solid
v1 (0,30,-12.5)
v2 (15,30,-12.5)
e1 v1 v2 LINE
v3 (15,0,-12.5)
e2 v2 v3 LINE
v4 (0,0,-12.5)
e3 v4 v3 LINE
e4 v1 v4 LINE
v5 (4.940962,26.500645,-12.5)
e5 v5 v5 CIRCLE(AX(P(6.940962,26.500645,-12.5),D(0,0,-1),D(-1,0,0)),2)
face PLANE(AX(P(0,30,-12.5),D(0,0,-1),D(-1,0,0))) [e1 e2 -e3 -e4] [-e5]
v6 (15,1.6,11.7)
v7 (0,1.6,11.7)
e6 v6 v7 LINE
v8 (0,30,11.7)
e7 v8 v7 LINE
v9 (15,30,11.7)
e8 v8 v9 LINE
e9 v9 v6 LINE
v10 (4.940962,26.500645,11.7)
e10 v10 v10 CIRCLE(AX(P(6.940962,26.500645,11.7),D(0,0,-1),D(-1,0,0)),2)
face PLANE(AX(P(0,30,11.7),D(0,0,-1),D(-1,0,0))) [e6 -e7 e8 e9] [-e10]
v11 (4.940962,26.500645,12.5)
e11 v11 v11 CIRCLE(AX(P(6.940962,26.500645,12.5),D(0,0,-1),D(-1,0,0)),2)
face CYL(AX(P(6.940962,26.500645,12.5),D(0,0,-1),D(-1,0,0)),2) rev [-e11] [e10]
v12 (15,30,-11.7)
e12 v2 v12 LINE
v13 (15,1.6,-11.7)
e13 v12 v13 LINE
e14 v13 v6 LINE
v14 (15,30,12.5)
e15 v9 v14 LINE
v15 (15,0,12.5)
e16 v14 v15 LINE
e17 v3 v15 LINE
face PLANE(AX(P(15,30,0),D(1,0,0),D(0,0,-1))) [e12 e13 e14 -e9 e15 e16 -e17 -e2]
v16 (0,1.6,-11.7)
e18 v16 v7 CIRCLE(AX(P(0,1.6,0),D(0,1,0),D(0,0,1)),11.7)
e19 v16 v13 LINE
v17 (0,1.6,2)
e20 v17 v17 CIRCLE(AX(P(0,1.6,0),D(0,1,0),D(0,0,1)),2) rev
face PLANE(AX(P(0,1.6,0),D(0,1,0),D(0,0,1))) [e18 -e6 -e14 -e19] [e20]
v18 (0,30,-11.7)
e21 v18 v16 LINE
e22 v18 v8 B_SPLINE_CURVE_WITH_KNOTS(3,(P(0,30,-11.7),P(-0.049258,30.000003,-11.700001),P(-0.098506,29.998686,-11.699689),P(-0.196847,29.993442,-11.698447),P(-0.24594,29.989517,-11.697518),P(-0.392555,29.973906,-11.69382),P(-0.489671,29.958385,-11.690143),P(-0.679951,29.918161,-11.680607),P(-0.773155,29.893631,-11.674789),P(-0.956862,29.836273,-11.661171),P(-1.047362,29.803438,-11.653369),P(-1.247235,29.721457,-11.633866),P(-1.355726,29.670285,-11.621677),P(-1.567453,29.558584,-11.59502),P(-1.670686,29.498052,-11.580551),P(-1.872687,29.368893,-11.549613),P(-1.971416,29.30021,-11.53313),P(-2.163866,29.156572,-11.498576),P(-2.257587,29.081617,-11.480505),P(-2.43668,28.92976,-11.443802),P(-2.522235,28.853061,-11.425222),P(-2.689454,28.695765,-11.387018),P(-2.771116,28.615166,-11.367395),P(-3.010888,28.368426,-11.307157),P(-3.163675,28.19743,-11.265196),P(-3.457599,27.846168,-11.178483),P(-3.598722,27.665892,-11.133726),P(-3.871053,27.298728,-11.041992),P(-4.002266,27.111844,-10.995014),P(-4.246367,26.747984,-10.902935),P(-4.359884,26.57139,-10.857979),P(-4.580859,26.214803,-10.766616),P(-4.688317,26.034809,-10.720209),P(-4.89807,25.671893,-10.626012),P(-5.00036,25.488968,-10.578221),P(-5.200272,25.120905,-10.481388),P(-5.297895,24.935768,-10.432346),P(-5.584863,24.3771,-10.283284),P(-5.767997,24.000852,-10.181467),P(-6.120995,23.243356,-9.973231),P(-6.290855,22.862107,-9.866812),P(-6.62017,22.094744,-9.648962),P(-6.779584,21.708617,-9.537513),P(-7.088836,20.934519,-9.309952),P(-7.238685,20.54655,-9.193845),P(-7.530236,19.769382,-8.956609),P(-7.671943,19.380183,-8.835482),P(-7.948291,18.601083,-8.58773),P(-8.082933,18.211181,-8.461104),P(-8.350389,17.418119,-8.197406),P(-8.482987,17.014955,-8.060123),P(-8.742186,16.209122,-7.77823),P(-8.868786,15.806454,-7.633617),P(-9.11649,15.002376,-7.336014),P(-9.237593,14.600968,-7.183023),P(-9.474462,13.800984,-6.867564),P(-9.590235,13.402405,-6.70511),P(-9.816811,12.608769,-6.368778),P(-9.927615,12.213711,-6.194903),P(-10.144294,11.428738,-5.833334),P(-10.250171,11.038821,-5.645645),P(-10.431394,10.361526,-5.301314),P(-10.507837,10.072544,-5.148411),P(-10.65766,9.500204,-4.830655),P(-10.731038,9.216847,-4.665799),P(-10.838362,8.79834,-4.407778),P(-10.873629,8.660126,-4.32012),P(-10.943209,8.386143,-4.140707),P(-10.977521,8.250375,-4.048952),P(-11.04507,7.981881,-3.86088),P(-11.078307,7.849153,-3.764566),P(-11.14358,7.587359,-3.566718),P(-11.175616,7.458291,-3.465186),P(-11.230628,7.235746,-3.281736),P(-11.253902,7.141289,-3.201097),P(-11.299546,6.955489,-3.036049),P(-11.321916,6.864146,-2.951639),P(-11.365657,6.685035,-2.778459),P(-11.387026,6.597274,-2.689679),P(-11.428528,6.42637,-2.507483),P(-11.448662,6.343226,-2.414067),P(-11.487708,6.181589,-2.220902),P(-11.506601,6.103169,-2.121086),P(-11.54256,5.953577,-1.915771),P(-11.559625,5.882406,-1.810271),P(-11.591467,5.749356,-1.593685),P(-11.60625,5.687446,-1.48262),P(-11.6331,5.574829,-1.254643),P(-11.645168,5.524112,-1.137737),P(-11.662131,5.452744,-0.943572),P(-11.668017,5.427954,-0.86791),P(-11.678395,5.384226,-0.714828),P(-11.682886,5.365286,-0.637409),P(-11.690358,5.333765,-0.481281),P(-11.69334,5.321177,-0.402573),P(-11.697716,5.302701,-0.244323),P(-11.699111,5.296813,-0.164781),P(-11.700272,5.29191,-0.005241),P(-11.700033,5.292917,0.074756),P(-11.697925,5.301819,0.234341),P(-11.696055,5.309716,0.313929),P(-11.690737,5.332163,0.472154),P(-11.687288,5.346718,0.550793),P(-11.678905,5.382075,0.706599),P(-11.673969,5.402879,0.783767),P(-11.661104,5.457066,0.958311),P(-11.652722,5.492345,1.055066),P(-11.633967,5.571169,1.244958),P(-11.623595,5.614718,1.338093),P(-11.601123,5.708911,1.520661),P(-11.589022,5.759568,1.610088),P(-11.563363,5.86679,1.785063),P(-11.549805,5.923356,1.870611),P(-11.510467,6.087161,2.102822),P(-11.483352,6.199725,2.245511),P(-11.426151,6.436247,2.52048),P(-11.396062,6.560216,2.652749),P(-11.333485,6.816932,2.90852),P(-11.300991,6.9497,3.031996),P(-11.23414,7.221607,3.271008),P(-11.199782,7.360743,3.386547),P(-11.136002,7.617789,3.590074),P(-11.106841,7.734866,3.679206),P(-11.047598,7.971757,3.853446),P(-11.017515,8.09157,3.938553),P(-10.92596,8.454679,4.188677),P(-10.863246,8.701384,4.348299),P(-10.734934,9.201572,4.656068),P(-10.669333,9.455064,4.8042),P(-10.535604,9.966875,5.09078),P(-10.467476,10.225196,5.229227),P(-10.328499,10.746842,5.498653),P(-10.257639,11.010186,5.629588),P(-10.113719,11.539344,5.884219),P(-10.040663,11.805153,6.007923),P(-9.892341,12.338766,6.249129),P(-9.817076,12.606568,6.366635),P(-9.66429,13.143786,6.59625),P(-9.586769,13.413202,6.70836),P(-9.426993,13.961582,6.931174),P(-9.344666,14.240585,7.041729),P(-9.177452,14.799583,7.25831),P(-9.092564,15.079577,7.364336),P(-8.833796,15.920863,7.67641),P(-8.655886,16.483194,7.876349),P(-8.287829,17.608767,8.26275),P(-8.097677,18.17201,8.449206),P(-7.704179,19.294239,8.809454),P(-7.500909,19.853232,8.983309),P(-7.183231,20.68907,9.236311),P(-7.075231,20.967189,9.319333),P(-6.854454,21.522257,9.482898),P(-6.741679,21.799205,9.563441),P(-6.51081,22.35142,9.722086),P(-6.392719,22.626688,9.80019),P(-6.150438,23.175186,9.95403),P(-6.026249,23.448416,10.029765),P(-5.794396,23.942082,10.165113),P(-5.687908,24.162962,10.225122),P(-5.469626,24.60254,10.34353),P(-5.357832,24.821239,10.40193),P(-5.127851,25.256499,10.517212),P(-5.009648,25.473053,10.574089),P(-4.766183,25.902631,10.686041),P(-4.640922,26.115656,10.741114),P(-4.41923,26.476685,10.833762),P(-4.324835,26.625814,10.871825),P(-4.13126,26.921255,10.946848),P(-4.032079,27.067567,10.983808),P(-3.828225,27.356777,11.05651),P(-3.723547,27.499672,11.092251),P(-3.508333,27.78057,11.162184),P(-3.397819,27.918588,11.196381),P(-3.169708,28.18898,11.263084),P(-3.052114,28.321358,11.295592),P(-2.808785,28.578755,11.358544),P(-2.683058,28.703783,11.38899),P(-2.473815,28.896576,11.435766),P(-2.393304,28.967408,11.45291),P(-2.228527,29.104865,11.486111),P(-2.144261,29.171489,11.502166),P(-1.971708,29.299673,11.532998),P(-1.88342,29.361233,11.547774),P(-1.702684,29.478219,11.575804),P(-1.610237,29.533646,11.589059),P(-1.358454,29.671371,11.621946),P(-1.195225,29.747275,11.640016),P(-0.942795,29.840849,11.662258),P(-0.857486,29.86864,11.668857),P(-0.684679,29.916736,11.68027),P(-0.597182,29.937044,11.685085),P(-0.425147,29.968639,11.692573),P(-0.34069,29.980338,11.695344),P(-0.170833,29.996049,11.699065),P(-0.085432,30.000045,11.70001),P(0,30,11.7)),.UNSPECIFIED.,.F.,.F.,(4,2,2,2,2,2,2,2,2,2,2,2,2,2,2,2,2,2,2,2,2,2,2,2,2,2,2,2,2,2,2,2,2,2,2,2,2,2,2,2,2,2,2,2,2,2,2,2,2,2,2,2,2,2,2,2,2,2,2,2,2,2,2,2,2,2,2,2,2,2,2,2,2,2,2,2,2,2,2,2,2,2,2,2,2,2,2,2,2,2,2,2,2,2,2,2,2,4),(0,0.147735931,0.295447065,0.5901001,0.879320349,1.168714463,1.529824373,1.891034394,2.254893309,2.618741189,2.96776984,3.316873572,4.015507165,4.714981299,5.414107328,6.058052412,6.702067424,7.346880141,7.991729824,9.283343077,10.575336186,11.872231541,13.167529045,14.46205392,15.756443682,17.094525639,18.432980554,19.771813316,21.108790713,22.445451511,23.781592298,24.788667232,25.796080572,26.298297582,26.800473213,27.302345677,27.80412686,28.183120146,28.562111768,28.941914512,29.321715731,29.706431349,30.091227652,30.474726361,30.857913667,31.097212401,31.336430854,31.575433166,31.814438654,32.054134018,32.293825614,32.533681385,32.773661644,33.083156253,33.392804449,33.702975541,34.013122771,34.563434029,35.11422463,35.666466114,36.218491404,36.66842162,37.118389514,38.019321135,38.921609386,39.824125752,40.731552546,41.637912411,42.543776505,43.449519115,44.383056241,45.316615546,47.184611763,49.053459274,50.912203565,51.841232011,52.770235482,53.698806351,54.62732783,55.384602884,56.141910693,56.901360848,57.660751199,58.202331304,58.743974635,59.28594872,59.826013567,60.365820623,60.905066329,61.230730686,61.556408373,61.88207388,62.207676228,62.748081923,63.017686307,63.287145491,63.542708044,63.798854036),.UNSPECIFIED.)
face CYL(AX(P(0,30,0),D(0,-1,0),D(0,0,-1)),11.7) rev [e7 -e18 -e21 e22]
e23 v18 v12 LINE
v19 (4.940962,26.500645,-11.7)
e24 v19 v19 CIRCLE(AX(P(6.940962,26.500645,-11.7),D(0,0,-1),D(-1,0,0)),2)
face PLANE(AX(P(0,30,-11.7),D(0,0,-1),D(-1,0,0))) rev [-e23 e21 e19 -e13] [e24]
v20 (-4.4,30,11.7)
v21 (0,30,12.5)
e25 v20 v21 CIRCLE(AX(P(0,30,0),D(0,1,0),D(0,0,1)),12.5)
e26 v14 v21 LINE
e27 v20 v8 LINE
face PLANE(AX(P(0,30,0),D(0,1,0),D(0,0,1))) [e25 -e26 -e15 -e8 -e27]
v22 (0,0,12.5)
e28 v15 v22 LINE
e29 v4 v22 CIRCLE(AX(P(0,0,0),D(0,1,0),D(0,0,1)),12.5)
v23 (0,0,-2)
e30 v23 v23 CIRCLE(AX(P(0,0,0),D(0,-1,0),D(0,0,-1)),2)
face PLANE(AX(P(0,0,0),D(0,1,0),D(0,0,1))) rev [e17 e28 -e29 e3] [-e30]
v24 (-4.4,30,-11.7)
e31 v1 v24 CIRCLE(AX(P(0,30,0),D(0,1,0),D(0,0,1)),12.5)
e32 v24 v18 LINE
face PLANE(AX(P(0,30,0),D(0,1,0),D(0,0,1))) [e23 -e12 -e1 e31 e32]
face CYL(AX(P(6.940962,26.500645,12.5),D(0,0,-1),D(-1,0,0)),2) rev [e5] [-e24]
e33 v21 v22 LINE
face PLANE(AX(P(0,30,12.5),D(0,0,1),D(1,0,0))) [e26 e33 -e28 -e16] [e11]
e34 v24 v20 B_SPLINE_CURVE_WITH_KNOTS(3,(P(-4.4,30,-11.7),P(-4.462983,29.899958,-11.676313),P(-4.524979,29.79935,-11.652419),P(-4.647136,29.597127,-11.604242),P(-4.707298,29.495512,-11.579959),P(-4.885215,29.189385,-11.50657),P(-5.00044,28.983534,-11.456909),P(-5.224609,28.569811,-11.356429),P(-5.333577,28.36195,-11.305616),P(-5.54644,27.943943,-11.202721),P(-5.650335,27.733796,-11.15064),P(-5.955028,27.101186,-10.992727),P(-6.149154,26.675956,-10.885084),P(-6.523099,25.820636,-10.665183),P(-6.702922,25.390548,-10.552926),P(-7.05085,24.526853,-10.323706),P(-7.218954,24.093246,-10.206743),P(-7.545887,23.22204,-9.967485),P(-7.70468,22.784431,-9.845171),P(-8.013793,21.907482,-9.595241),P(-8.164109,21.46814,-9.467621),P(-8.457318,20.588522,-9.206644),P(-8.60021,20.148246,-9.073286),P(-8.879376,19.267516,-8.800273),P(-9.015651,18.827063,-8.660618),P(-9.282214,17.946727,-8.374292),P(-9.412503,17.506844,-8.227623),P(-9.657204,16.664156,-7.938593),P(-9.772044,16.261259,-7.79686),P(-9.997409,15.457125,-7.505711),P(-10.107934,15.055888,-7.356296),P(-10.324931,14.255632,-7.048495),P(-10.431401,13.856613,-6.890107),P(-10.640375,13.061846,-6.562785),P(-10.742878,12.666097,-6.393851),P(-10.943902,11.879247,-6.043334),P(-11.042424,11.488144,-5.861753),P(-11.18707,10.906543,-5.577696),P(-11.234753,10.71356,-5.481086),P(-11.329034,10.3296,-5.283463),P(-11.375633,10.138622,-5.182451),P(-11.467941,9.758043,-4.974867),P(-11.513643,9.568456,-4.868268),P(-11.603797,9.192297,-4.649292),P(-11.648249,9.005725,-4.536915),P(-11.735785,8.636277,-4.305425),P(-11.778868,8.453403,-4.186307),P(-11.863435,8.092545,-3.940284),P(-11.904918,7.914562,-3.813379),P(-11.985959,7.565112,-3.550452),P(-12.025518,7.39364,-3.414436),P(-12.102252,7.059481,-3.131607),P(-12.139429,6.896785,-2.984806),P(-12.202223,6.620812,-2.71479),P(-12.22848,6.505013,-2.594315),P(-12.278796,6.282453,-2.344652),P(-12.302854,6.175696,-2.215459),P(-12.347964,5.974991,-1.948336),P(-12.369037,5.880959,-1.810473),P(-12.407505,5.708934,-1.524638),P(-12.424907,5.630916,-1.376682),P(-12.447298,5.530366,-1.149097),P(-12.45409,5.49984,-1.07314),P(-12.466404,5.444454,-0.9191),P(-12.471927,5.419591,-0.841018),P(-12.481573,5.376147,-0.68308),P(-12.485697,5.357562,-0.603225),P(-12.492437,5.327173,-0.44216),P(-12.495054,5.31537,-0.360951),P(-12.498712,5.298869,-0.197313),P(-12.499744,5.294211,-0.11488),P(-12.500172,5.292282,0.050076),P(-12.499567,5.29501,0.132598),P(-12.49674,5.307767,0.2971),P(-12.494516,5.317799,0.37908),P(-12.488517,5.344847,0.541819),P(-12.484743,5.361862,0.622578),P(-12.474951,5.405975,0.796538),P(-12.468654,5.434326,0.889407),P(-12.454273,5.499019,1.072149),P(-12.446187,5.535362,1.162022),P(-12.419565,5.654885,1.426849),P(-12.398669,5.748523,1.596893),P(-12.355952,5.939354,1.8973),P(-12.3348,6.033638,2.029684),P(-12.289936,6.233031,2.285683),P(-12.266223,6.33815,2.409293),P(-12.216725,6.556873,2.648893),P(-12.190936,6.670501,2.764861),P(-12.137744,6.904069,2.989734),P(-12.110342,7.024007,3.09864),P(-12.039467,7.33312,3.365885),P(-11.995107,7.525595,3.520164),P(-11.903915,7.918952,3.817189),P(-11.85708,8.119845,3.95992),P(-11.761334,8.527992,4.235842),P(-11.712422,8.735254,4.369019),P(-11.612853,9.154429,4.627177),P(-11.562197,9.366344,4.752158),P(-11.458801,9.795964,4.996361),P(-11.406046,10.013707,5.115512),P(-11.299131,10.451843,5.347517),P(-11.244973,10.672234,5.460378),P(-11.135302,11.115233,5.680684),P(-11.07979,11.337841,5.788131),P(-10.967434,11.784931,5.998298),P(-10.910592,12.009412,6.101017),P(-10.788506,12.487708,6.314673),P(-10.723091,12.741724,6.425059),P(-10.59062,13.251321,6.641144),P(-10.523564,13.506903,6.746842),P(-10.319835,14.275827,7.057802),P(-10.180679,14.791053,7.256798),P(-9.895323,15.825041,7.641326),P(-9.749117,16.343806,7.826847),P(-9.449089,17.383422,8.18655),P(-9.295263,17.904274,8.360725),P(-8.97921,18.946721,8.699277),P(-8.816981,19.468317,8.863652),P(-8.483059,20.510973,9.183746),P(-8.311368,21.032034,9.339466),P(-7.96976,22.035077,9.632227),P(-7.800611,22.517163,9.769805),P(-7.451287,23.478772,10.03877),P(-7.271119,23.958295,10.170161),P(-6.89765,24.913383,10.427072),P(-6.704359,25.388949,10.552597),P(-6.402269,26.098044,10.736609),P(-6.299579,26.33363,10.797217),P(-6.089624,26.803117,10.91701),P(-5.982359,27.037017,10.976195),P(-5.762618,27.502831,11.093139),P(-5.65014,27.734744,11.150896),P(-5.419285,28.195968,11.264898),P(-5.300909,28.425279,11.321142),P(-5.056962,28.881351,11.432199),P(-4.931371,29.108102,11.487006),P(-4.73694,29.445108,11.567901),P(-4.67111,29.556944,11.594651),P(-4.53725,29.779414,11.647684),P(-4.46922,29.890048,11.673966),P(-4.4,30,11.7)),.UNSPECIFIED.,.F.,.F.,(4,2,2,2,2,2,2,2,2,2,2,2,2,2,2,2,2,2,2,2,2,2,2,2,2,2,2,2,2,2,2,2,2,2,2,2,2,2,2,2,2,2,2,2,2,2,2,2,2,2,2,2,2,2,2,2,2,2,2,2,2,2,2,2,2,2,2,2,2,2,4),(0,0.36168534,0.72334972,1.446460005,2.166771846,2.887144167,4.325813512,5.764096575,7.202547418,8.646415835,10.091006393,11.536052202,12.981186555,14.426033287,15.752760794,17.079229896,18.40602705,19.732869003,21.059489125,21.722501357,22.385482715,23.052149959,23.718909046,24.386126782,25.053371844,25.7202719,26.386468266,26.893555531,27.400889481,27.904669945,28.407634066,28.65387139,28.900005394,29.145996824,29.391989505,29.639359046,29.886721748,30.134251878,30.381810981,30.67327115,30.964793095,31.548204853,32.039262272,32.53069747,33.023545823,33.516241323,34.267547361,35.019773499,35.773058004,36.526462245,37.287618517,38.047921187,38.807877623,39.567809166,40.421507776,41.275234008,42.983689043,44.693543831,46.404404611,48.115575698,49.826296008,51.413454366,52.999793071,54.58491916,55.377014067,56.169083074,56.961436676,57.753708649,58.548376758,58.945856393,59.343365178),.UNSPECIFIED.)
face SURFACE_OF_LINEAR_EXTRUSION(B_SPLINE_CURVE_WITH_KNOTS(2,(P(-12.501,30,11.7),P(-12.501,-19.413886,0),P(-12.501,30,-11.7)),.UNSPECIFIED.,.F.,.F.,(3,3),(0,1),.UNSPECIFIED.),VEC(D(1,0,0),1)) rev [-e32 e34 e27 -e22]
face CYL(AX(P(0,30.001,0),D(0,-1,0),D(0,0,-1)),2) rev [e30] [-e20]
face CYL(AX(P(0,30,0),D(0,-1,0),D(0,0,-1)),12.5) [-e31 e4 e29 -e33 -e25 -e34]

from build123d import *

# Parameters (mm, degrees)
BOSS_EXTRUDE2_DEPTH     = 30
SKETCH1_5_R             = 11.7
BOSS_EXTRUDE3_DEPTH     = 1.6
CUT_EXTRUDE2_REACH      = 37.795
CUT_EXTRUDE2_END_RADIUS = 12.5
CUT_EXTRUDE3_REACH      = 37.795
SKETCH4_R               = 2
CUT_EXTRUDE4_DEPTH      = 42.833001458
CUT_EXTRUDE4_DEPTH_BACK = 42.833001458
SKETCH5_R               = 2


with BuildPart() as part:
    # Sketch1 → Boss-Extrude2 (new body)
    with BuildSketch(Plane(origin=(0, 0, 0), x_dir=(1, 0, 0), z_dir=(0, 1, 0))):
        with BuildLine():
            ThreePointArc((0, -11.7), (-11.7, 0), (0, 11.7))
            Line((0, 11.7), (13.4, 11.7))
            Line((13.4, 11.7), (15, 11.7))
            Line((15, 11.7), (15, 12.5))
            Line((15, 12.5), (0, 12.5))
            ThreePointArc((0, 12.5), (-12.5, 0), (0, -12.5))
            Line((0, -12.5), (15, -12.5))
            Line((15, -12.5), (15, -11.7))
            Line((15, -11.7), (13.4, -11.7))
            Line((13.4, -11.7), (0, -11.7))
        make_face()
    extrude(amount=BOSS_EXTRUDE2_DEPTH)

    # Sketch1<5> → Boss-Extrude3 (add)
    with BuildSketch(Plane(origin=(0, 0, 0), x_dir=(1, 0, 0), z_dir=(0, 1, 0))):
        with BuildLine():
            Line((13.4, 11.7), (0, 11.7))
            ThreePointArc((0, 11.7), (8.27314934, 8.27314934), (11.7, 0))
            ThreePointArc((11.7, 0), (8.27314934, -8.27314934), (0, -11.7))
            Line((0, -11.7), (13.4, -11.7))
            Line((13.4, -11.7), (15, -11.7))
            Line((15, -11.7), (15, 11.7))
            Line((15, 11.7), (13.4, 11.7))
        make_face()
        Circle(SKETCH1_5_R)
    extrude(amount=BOSS_EXTRUDE3_DEPTH)

    # Cut-Extrude2: up to this cylinder (the profile starts inside it)
    cut_extrude2_end = Plane(origin=(0, 20.117223, 0), z_dir=(0, -1, 0)) * Cylinder(CUT_EXTRUDE2_END_RADIUS, 101.59, mode=Mode.PRIVATE)
    # Sketch3 → Cut-Extrude2 (cut, up to the surface)
    with BuildSketch(Plane(origin=(0, 0, 0), x_dir=(0, 0, -1), z_dir=(1, 0, 0)), mode=Mode.PRIVATE) as cut_extrude2_sk1:
        with BuildLine():
            Line((-11.7, 30), (11.7, 30))
            add(Edge.make_bspline(
                [(-11.7, 30), (0, -19.413885882), (11.7, 30)],
                knots=[0, 0, 0, 1, 1, 1], degree=2))
        make_face()
    cut_extrude2_tool1 = extrude(cut_extrude2_sk1.sketch, amount=-CUT_EXTRUDE2_REACH, mode=Mode.PRIVATE) & cut_extrude2_end
    add(cut_extrude2_tool1.solids().sort_by_distance((0, 20.117223, 0))[0], mode=Mode.SUBTRACT)

    # Sketch4 → Cut-Extrude3 (cut, up to next)
    with BuildSketch(Plane.XZ, mode=Mode.PRIVATE) as cut_extrude3_sk1:
        with Locations(Location((0, 0, 0), (0, 0, 270))):
            Circle(SKETCH4_R)
    cut_extrude3_tool1 = extrude(cut_extrude3_sk1.sketch, amount=-CUT_EXTRUDE3_REACH, mode=Mode.PRIVATE) & part.part
    add(cut_extrude3_tool1.solids().sort_by_distance((0, 0, 0))[0], mode=Mode.SUBTRACT)

    # Sketch5 → Cut-Extrude4 (cut, two sides: drawn at the far end of the back side and taken through both)
    with BuildSketch(Plane(origin=(0, 0, -12.5), x_dir=(-1, 0, 0), z_dir=(0, 0, -1)).offset(-CUT_EXTRUDE4_DEPTH_BACK)):
        with Locations((-6.940962405, 26.50064478)):
            Circle(SKETCH5_R)
    extrude(amount=CUT_EXTRUDE4_DEPTH + CUT_EXTRUDE4_DEPTH_BACK, mode=Mode.SUBTRACT)


solid = part.part
